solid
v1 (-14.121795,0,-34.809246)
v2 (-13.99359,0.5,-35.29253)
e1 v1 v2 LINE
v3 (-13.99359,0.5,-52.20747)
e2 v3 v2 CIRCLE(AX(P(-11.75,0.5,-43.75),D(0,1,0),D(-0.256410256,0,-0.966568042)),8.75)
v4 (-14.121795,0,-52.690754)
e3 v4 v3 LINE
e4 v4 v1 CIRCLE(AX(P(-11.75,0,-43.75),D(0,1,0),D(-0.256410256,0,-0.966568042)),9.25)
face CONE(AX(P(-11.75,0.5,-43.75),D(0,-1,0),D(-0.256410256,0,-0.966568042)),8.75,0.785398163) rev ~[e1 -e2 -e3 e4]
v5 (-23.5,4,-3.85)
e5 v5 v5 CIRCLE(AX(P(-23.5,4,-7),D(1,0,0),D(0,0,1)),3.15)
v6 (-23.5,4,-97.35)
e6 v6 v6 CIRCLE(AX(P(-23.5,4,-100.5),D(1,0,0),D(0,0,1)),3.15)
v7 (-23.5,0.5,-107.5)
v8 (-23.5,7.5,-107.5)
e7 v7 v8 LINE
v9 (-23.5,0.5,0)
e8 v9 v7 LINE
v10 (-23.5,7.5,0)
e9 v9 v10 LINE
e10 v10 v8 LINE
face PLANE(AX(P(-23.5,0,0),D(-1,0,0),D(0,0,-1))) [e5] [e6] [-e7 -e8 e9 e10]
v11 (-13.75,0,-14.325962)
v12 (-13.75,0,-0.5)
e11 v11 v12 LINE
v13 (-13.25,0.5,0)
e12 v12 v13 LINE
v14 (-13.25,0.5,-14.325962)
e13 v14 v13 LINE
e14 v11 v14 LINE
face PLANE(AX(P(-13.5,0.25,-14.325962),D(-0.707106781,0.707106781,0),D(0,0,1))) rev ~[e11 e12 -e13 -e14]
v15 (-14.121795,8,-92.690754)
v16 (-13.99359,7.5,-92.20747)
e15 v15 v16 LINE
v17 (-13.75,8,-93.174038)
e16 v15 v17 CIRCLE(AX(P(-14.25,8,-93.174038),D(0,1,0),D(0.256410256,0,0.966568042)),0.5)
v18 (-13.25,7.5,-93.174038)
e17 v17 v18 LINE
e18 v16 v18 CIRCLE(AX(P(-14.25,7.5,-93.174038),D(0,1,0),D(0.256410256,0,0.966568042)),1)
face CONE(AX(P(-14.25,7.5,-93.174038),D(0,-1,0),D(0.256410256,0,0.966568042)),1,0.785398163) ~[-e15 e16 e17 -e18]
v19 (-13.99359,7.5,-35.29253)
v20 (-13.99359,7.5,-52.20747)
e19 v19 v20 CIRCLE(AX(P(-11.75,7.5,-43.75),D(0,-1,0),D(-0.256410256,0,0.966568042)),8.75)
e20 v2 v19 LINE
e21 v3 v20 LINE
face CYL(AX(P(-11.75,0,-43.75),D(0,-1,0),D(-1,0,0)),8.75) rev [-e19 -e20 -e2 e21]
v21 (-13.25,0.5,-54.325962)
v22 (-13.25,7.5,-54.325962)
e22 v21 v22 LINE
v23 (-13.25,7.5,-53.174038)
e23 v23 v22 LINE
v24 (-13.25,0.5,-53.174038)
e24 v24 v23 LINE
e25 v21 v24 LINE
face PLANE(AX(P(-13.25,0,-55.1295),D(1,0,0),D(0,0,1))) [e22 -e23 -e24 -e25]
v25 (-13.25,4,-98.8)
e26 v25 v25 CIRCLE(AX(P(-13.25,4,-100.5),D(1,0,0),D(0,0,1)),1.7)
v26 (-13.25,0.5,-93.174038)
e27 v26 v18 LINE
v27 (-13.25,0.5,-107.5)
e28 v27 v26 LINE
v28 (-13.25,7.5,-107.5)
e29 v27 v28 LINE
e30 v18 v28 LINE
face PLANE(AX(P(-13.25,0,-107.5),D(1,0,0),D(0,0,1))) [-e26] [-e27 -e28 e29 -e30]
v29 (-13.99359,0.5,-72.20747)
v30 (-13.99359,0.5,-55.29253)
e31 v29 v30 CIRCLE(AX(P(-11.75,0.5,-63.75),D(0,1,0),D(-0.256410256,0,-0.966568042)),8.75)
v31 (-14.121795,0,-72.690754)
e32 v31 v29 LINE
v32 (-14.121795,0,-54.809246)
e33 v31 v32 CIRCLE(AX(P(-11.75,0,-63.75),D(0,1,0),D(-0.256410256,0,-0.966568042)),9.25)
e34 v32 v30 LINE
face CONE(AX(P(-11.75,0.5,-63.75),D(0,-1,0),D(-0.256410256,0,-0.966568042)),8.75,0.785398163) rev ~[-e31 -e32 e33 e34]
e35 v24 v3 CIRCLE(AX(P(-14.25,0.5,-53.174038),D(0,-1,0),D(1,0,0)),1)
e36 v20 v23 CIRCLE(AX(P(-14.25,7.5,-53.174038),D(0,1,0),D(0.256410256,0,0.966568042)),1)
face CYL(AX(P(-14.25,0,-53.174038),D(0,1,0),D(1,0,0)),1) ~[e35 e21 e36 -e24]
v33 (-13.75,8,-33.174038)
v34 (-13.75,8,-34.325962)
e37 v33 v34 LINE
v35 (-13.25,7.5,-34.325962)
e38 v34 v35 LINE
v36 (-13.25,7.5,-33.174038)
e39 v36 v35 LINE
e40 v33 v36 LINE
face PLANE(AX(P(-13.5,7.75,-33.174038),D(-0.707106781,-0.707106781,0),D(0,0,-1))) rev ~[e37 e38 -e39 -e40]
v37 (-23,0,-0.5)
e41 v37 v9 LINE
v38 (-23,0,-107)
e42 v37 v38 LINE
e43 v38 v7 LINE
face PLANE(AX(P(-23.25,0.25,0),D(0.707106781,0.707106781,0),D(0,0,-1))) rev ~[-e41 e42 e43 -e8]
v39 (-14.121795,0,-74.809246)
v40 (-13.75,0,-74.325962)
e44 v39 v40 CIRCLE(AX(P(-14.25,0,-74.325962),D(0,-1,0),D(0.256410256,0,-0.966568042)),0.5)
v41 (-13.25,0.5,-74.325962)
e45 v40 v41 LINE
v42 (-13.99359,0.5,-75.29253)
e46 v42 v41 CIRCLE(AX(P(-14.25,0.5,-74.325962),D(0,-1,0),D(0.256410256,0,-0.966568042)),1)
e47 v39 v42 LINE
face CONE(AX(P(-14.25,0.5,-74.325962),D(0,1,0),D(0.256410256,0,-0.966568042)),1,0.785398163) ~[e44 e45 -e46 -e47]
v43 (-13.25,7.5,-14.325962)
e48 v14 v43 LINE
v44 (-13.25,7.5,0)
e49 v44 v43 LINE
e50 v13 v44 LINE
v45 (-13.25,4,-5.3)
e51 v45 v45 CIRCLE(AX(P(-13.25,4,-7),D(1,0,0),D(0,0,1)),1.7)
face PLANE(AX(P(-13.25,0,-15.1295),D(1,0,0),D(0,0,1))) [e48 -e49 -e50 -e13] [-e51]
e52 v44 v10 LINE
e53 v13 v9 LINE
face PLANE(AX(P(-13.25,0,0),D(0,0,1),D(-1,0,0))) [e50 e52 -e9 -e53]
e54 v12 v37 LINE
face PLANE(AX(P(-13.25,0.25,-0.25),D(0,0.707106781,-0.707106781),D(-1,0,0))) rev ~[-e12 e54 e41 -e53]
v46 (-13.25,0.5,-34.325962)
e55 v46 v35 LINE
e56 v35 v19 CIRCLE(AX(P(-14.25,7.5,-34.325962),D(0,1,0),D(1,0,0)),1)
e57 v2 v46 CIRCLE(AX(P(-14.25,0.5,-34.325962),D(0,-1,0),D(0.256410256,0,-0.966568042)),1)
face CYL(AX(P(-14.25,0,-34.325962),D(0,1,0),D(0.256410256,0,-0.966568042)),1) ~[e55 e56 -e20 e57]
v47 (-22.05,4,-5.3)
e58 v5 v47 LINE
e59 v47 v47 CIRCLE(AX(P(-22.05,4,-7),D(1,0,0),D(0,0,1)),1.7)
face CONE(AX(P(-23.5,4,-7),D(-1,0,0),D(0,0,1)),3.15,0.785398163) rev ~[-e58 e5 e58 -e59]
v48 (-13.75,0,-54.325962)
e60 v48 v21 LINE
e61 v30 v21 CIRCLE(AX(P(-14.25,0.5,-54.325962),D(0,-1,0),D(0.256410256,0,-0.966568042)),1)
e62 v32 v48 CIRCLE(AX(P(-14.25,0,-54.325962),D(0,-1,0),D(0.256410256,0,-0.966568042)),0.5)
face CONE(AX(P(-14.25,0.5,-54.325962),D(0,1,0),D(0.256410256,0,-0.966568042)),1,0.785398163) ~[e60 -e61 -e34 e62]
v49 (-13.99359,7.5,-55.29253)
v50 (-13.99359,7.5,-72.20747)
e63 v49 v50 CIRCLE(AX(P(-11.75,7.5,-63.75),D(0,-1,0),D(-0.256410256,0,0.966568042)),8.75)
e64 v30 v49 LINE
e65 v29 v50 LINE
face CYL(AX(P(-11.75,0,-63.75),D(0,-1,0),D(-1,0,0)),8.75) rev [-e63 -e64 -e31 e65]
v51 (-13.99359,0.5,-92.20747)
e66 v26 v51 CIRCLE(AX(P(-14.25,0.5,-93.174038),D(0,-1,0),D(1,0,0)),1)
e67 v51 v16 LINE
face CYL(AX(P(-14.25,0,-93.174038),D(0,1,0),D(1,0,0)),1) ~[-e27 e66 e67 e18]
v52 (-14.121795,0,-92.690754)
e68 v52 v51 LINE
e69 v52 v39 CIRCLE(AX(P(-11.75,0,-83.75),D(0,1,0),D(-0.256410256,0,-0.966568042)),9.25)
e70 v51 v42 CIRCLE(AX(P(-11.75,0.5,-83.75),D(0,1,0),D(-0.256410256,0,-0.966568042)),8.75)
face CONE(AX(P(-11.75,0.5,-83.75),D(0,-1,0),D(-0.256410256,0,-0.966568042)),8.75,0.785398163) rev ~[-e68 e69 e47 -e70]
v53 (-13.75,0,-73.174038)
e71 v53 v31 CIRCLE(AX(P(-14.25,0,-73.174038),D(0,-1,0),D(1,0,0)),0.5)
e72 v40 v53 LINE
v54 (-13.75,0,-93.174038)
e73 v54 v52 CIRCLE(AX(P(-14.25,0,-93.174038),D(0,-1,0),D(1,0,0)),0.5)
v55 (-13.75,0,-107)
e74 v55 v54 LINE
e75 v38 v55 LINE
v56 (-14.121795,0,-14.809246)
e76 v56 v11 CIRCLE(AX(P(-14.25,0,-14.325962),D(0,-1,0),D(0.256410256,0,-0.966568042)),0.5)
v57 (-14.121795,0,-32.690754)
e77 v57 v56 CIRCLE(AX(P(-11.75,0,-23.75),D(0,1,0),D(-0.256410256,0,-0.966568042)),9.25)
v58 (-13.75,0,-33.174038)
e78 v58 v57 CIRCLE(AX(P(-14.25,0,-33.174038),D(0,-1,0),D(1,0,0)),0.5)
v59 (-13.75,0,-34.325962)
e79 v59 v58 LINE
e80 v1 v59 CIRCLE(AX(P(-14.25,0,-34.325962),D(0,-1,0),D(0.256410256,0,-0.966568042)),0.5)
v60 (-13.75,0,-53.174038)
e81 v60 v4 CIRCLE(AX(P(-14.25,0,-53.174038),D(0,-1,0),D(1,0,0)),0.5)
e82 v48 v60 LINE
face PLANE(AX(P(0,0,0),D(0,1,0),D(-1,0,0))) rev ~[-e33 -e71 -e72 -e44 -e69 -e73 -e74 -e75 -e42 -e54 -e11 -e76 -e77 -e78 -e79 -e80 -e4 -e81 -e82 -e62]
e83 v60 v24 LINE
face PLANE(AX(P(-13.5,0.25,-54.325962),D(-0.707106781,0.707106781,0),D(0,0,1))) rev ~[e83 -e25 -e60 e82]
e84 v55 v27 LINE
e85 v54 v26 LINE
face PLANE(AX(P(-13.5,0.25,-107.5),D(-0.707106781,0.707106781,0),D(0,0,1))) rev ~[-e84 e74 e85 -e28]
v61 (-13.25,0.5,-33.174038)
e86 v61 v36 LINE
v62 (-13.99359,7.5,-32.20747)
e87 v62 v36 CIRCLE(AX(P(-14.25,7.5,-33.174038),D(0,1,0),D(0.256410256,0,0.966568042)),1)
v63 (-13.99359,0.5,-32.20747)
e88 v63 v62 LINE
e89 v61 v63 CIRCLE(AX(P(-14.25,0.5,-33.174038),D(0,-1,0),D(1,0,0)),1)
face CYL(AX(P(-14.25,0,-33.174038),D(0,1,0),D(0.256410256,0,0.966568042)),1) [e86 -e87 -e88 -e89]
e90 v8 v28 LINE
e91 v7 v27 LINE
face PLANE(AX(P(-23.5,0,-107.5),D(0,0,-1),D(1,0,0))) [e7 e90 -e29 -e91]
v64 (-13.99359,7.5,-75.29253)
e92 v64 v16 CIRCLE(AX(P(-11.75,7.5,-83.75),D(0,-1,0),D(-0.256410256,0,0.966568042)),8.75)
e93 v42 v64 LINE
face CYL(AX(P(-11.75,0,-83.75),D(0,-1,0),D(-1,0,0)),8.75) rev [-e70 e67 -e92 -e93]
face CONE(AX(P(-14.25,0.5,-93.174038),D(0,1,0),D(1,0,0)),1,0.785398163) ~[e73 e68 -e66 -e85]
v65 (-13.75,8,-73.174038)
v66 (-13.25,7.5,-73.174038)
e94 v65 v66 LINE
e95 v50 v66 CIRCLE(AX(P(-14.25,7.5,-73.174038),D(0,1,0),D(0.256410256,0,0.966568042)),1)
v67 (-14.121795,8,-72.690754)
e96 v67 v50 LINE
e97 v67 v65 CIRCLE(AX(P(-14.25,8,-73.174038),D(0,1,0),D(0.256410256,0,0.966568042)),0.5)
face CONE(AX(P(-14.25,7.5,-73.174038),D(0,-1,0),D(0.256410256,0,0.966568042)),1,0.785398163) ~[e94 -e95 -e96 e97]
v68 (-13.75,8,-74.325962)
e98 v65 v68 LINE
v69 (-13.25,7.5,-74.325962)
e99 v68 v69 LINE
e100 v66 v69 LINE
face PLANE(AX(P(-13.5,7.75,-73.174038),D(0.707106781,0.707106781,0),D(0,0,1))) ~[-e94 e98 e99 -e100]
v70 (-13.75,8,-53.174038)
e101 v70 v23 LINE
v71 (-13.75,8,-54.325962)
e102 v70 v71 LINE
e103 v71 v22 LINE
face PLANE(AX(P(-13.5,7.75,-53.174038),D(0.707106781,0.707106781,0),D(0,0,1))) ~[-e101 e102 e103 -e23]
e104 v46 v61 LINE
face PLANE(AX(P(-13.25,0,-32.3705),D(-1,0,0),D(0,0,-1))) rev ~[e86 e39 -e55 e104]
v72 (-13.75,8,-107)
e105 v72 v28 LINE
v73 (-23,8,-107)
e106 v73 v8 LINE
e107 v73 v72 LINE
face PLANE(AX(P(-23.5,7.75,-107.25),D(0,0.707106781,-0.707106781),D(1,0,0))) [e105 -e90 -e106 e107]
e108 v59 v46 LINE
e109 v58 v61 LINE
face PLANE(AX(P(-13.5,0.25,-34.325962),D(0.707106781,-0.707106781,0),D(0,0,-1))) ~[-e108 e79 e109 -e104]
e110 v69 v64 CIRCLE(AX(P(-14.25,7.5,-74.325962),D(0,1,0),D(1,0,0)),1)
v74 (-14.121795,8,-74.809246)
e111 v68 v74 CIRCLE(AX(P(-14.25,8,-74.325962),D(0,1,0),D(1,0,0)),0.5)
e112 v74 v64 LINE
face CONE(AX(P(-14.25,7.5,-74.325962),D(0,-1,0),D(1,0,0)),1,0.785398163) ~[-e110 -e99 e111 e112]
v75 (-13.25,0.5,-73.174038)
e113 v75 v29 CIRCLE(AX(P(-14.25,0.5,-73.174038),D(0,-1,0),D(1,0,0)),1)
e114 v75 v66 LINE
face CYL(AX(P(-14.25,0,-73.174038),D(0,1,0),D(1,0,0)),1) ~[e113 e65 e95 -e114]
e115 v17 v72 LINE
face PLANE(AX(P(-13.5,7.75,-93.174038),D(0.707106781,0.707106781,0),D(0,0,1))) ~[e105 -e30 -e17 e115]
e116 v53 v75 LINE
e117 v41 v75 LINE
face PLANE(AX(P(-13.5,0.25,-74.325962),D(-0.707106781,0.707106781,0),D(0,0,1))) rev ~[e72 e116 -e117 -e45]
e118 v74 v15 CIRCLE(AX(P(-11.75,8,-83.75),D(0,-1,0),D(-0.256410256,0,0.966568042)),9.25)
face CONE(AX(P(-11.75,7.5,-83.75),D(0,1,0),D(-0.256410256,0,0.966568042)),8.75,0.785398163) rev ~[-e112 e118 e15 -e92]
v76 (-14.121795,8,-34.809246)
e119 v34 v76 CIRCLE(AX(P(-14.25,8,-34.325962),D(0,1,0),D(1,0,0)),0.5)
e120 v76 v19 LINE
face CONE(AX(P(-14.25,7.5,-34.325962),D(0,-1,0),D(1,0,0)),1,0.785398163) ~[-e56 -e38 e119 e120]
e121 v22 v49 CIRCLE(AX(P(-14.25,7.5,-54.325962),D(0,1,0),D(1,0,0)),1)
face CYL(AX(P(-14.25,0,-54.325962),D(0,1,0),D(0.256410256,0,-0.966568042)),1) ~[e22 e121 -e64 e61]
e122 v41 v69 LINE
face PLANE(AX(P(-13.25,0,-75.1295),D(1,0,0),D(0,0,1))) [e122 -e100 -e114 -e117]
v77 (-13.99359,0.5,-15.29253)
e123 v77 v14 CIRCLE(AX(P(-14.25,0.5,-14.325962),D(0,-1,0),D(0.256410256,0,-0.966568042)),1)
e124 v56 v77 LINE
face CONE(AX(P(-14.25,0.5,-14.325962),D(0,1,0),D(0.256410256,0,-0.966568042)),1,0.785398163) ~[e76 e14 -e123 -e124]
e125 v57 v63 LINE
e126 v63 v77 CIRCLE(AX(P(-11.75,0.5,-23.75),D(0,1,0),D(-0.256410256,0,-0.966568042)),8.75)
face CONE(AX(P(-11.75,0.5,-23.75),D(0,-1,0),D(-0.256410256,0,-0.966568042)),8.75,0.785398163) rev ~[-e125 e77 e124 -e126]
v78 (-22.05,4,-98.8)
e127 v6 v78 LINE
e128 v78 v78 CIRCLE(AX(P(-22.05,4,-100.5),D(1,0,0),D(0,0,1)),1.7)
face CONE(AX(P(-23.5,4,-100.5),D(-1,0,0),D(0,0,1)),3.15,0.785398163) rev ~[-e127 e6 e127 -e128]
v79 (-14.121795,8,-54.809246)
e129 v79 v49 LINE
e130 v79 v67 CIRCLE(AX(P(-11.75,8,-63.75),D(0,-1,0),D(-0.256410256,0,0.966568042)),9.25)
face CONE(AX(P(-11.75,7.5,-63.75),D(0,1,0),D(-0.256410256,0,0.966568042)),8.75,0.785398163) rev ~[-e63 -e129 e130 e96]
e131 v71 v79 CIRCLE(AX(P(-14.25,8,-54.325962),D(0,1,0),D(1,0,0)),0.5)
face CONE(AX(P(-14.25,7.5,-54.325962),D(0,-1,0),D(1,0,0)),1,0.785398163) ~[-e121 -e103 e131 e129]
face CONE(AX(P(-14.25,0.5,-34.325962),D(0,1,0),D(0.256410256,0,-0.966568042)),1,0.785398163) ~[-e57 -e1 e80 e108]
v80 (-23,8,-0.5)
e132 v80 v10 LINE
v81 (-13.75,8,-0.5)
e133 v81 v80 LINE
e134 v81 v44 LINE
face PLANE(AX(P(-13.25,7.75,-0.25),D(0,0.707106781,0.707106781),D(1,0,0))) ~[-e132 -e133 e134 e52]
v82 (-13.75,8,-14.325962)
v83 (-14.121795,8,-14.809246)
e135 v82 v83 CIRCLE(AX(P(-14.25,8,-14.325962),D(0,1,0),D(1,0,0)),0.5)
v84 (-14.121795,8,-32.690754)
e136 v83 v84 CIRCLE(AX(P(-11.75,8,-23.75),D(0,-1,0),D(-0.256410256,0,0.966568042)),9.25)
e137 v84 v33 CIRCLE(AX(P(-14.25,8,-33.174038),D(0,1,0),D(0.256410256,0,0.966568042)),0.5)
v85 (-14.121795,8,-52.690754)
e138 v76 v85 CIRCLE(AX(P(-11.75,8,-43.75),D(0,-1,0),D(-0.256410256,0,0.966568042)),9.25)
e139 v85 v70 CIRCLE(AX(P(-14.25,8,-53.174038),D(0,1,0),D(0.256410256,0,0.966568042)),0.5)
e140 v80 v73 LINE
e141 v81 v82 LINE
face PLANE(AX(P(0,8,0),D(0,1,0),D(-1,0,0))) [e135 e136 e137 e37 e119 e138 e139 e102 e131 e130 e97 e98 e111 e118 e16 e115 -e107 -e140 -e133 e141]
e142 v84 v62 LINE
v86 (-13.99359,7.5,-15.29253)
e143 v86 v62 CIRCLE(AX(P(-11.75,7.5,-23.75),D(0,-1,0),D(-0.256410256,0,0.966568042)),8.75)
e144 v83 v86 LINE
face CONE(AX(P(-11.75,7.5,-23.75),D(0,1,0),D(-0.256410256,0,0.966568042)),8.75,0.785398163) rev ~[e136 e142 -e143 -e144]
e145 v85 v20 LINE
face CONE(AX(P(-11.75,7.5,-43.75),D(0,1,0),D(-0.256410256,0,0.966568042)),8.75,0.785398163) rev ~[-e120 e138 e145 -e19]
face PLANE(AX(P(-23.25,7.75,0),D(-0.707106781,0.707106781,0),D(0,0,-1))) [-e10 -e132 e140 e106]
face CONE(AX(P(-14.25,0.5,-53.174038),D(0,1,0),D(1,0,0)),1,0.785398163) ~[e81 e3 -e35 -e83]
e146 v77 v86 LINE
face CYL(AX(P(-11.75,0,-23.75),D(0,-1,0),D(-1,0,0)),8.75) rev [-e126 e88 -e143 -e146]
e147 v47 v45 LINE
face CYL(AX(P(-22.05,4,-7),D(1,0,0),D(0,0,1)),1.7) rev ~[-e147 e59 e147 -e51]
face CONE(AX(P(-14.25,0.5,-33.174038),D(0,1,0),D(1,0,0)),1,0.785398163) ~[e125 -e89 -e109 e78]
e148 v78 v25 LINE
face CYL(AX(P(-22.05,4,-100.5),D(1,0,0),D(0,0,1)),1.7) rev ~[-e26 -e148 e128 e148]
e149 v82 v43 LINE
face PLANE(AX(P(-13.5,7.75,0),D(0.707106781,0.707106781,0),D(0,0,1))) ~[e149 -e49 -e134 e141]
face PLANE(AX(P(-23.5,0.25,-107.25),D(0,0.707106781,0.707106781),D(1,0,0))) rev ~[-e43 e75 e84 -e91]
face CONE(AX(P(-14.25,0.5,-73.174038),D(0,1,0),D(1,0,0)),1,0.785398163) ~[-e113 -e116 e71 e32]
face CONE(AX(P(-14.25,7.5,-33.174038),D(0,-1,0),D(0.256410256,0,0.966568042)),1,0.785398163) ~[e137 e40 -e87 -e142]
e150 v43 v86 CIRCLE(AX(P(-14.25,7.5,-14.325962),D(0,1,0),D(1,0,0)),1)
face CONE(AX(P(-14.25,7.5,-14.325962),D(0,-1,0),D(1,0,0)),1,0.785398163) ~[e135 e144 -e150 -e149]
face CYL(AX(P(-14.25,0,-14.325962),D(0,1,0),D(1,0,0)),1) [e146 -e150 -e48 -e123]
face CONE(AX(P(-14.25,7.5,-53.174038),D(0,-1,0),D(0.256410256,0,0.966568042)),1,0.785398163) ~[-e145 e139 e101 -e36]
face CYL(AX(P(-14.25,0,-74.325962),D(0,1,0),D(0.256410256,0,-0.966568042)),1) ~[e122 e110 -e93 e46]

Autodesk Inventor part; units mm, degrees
ref_plane "YZ Plane" through (0, 0, 0) normal (1, 0, 0) x (0, 1, 0)
ref_plane "XZ Plane" through (0, 0, 0) normal (0, 1, 0) x (-1, 0, 0)
ref_plane "XY Plane" through (0, 0, 0) normal (0, 0, 1) x (1, 0, 0)
sketch "Sketch1" plane through (0, 0, 0) normal (0, 1, 0) x (-1, 0, 0)
  line L0 (0, 0) -> (11.75, 0)
  line L1 (11.75, 0) -> (11.75, -102.5)
  line L2 (10.25, -107.5) -> (0, -107.5)
  line L3 (0, -107.5) -> (0, 0)
  circle A0 centre (11.75, -23.75) radius 8.75
  circle A1 centre (11.75, -43.75) radius 8.75
  circle A2 centre (11.75, -63.75) radius 8.75
  circle A3 centre (11.75, -83.75) radius 8.75
  line L4 (11.75, 0) -> (23.5, 0)
  line L5 (23.5, 0) -> (23.5, -107.5)
  line L6 (23.5, -107.5) -> (13.25, -107.5)
  line L7 (13.25, -107.5) -> (13.25, -92.3705)
  line L8 (13.25, -75.1295) -> (13.25, -72.3705)
  line L9 (13.25, -55.1295) -> (13.25, -52.3705)
  line L10 (13.25, -32.3705) -> (13.25, -35.1295)
  line L11 (13.25, -15.1295) -> (13.25, 0)
  line L12 (10.25, 0) -> (10.25, -15.1295)
  line L13 (10.25, -32.3705) -> (10.25, -35.1295)
  line L14 (10.25, -52.3705) -> (10.25, -55.1295)
  line L15 (10.25, -72.3705) -> (10.25, -75.1295)
  line L16 (10.25, -92.3705) -> (10.25, -107.5)
  point P0 (11.75, -92.5)
  point P1 (11.75, -75)
  point P2 (11.75, -72.5)
  point P3 (11.75, -55)
  point P4 (11.75, -52.5)
  point P5 (11.75, -35)
  point P6 (11.75, -32.5)
  point P7 (11.75, -15)
  dimension "d0" = 17.5
  dimension "d4" = 20
  dimension "d9" = 3
  dimension "d11" = 15
  dimension "d12" = 15
  dimension "d16" = 1.5
  dimension "d17" = 3
  dimension "d19" = 1.5
extrude "Extrusion1" add sketch "Sketch1" along normal blind 8 contours L4 L5 L6 L7 A3 L8 A2 L9 A1 L10 A0 L11
sketch "Sketch3" plane through (-23.5, 0, -107.5) normal (-1, 0, 0) x (0, 0, 1)
  line L0 (0, 0) -> (0, 8) projected
  line L1 (0, 8) -> (107.5, 8) projected
  line L2 (107.5, 0) -> (107.5, 8) projected
  point P0 (7, 4)
  point P1 (100.5, 4)
  point P2 (107.5, 4)
  dimension "d27" = 7
  dimension "d28" = 8
  dimension "d29" = 4
  dimension "d33" = 7
hole "Hole1" at (-23.5, 4, -100.5) at (-23.5, 4, -7) direction (1, 0, 0) diameter 3.4 end through all countersink diameter 6.3 countersink angle 90 clearance for "Flat Head Machine Screw" size "M3" standard "Ansi Metric M Profile"
fillet "Fillet1" radius 1 8 edges at (-13.25, 4, -92.3705) (-13.25, 4, -72.3705) (-13.25, 4, -75.1295) (-13.25, 4, -55.1295) (-13.25, 4, -52.3705) (-13.25, 4, -35.1295) (-13.25, 4, -32.3705) (-13.25, 4, -15.1295)
chamfer "Chamfer1" distance 0.5 angle 45 40 edges at (-20.5, 0, -83.75) (-13.4574, 0, -92.5643) (-13.25, 0, -100.337) (-13.4574, 0, -74.9357) (-13.25, 0, -73.75) (-13.4574, 0, -72.5643) (-20.5, 0, -63.75) (-13.4574, 0, -54.9357) (-13.25, 0, -53.75) (-13.4574, 0, -52.5643) (-20.5, 0, -43.75) (-13.4574, 0, -34.9357) (-13.25, 0, -33.75) (-13.4574, 0, -32.5643) (-20.5, 0, -23.75) (-13.4574, 0, -14.9357) (-13.25, 0, -7.163) (-23.5, 0, -53.75) (-18.375, 0, -107.5) (-18.375, 0, 0) (-23.5, 8, -53.75) (-20.5, 8, -23.75) (-13.4574, 8, -32.5643) (-13.25, 8, -33.75) (-13.4574, 8, -34.9357) (-20.5, 8, -43.75) (-13.4574, 8, -52.5643) (-13.25, 8, -53.75) (-13.4574, 8, -54.9357) (-20.5, 8, -63.75) (-13.4574, 8, -72.5643) (-13.25, 8, -73.75) (-13.4574, 8, -74.9357) (-20.5, 8, -83.75) (-13.4574, 8, -92.5643) (-13.25, 8, -100.337) (-13.4574, 8, -14.9357) (-13.25, 8, -7.163) (-18.375, 8, -107.5) (-18.375, 8, 0)
equation "\"d12\" = d11"
equation "\"d19\" = d16"
equation "\"d29\" = 0.5 * d28"
equation "\"d33\" = d27"
properties part number "BatteryHolder" material "Aluminum 6061"
